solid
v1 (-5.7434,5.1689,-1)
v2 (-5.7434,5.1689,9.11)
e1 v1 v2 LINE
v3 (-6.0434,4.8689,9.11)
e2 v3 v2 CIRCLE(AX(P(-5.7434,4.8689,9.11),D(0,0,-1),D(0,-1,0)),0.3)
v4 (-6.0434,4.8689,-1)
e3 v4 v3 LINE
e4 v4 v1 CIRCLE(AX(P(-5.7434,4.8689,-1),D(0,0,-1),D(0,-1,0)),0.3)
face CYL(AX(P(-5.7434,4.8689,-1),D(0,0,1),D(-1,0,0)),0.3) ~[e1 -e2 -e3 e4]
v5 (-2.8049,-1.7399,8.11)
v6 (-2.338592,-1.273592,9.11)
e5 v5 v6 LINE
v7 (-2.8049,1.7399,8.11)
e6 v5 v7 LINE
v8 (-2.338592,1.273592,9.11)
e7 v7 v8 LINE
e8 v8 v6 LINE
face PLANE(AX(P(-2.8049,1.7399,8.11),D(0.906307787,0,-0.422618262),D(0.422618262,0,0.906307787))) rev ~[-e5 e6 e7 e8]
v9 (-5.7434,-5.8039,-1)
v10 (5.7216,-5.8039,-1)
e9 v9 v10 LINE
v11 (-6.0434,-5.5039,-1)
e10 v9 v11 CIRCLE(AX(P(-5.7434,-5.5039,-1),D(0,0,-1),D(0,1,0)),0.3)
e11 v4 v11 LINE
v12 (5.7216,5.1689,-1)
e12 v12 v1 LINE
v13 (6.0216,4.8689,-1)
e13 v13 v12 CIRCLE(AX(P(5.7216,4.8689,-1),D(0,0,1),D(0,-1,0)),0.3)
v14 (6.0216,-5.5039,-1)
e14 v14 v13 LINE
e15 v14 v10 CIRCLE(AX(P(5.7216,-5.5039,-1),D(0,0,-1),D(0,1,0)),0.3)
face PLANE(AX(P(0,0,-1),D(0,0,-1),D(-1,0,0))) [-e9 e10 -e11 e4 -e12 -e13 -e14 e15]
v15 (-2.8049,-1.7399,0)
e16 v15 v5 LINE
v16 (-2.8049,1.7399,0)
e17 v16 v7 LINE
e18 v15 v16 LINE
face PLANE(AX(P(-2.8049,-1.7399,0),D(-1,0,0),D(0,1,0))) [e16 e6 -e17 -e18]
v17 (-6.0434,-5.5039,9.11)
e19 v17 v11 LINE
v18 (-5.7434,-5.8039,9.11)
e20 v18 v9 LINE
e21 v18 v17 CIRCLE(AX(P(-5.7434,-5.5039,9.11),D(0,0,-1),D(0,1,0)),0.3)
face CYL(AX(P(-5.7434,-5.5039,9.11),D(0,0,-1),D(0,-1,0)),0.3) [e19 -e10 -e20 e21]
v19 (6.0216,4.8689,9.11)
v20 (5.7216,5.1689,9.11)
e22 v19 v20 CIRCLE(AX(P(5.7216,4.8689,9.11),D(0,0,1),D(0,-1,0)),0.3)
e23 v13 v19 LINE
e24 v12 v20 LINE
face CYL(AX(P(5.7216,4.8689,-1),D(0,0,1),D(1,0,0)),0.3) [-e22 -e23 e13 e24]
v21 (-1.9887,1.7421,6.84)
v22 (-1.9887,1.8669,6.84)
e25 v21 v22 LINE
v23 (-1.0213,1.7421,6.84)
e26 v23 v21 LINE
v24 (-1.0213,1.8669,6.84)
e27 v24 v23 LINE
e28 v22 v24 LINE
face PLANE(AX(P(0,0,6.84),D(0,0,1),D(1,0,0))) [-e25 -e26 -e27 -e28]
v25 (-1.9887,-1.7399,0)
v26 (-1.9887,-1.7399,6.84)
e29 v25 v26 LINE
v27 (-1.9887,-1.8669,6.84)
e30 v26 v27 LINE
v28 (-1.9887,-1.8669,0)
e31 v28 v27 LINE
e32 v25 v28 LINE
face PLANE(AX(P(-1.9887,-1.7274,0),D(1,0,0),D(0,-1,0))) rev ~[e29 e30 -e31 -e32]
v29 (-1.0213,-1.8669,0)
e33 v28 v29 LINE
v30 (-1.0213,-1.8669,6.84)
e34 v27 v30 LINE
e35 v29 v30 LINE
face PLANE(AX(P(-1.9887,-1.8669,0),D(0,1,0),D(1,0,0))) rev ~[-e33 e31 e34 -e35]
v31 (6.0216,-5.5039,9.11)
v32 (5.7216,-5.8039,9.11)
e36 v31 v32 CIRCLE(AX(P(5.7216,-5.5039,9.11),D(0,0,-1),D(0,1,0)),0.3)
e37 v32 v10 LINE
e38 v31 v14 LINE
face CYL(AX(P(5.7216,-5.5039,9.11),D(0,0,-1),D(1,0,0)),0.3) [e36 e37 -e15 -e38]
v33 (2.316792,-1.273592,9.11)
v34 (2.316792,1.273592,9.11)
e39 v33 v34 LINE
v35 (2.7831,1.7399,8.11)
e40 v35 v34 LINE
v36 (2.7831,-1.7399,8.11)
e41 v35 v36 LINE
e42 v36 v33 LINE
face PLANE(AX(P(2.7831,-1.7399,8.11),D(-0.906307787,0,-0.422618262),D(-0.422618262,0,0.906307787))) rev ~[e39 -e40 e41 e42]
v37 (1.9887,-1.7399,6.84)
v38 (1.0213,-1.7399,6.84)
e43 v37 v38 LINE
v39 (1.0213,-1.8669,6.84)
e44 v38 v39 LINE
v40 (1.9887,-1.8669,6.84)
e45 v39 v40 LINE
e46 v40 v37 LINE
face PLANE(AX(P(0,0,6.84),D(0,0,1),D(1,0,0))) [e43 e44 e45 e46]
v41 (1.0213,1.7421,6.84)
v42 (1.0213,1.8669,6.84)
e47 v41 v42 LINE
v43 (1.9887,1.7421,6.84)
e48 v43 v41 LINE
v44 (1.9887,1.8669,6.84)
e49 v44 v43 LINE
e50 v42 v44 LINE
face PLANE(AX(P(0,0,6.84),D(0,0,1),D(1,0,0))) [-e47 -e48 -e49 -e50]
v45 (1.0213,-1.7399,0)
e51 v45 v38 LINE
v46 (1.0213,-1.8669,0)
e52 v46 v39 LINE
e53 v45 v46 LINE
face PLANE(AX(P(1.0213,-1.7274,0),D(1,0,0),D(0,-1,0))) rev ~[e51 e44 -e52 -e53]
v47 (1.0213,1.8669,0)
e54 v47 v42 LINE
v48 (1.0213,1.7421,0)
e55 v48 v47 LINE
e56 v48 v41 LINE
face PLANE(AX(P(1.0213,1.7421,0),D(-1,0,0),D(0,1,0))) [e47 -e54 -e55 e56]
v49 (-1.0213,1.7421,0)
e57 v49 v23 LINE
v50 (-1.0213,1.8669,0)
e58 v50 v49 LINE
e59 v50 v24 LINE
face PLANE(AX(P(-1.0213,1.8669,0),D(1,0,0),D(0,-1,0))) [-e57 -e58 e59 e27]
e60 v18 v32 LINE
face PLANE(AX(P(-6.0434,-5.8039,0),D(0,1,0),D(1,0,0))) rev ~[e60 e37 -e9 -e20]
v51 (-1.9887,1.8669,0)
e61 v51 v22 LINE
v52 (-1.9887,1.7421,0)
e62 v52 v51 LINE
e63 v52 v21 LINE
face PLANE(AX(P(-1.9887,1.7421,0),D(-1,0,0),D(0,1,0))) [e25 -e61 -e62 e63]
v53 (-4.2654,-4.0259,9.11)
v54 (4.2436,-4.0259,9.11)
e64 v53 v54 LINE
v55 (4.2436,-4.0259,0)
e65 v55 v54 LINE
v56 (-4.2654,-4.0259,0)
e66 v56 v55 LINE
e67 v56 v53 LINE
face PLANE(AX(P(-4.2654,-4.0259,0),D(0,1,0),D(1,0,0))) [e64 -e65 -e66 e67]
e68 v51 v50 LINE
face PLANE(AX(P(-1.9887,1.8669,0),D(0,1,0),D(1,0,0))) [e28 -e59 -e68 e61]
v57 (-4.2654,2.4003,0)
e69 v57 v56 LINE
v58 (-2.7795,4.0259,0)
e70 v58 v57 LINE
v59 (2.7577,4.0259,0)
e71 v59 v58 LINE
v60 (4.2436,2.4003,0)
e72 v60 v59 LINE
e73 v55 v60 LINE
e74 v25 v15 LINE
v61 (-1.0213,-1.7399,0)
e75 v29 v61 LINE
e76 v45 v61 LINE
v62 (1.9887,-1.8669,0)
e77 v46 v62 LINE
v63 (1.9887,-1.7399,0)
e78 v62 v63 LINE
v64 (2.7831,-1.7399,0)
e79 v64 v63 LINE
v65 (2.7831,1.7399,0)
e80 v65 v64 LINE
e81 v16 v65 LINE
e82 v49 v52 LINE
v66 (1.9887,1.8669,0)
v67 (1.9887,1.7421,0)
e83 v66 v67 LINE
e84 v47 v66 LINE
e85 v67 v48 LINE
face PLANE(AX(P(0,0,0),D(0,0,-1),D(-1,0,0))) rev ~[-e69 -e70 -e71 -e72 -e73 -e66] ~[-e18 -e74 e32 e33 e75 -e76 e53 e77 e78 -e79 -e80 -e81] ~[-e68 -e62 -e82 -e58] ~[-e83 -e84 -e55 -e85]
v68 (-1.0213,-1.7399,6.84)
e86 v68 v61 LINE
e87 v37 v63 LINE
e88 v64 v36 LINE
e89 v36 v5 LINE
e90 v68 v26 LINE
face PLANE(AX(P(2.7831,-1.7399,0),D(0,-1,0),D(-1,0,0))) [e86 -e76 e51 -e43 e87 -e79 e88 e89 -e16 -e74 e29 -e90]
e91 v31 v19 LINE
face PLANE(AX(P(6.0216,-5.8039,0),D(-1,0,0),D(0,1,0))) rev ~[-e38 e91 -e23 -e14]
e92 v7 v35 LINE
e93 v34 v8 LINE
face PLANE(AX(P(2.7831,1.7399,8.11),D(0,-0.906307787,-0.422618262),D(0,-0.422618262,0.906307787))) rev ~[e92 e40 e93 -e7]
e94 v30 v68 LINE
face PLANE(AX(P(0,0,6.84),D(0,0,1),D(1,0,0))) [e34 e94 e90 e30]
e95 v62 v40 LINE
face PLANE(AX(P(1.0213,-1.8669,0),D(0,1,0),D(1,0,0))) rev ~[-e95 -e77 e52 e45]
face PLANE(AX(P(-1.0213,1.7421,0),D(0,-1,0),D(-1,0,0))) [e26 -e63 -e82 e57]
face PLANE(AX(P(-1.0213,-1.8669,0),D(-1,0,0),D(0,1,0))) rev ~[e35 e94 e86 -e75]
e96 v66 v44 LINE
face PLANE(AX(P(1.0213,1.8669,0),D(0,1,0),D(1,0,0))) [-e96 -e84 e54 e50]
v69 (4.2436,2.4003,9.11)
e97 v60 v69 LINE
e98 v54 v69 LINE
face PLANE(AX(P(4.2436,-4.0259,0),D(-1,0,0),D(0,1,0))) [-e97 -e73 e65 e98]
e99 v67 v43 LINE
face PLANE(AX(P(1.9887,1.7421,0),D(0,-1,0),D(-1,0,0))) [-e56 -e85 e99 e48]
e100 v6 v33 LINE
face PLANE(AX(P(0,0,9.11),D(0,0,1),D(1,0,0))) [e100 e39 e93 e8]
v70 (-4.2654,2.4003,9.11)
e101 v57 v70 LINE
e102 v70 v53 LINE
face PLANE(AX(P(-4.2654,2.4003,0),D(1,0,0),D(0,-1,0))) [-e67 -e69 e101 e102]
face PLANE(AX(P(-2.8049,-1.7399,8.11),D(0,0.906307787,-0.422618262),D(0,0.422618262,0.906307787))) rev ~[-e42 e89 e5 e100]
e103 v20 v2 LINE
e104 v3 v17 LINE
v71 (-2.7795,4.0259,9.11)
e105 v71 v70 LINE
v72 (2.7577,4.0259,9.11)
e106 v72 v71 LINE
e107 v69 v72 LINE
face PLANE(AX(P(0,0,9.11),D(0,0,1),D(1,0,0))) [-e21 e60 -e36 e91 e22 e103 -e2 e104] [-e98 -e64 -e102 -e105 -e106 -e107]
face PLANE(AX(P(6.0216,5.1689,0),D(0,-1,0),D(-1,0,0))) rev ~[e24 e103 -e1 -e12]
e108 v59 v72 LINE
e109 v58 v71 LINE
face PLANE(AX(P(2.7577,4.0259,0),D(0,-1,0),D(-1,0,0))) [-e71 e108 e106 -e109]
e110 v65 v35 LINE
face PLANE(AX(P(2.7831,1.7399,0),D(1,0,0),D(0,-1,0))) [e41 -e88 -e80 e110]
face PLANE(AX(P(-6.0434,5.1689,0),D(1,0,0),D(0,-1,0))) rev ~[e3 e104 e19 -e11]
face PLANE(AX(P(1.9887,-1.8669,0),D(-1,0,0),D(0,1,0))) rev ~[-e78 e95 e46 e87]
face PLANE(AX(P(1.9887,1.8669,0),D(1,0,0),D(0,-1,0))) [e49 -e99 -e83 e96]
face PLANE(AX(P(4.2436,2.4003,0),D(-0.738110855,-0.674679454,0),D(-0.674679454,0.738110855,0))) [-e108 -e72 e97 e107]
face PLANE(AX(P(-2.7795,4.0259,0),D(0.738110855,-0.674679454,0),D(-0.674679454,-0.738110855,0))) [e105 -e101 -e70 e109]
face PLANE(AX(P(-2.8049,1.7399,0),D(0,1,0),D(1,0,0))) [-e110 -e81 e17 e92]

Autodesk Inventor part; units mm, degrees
ref_plane "YZ Plane" through (0, 0, 0) normal (1, 0, 0) x (0, 1, 0)
ref_plane "XZ Plane" through (0, 0, 0) normal (0, 1, 0) x (-1, 0, 0)
ref_plane "XY Plane" through (0, 0, 0) normal (0, 0, 1) x (1, 0, 0)
sketch "Sketch1" plane through (0, 0, 0) normal (0, 0, 1) x (1, 0, 0)
  line L0 (-6.0434, 5.1689) -> (-6.0434, -5.8039) construction
  line L1 (-6.0434, -5.8039) -> (6.0216, -5.8039) construction
  line L2 (6.0216, -5.8039) -> (6.0216, 5.1689) construction
  line L3 (6.0216, 5.1689) -> (-6.0434, 5.1689) construction
  line L4 (-4.2654, -4.0259) -> (4.2436, -4.0259) construction
  line L5 (-4.2654, 2.4003) -> (-4.2654, -4.0259) construction
  line L6 (-2.7795, 4.0259) -> (-4.2654, 2.4003) construction
  line L7 (2.7577, 4.0259) -> (-2.7795, 4.0259) construction
  line L8 (4.2436, 2.4003) -> (2.7577, 4.0259) construction
  line L9 (4.2436, -4.0259) -> (4.2436, 2.4003) construction
  line L10 (-4.2654, -4.0259) -> (4.2436, -4.0259) construction
  line L11 (4.2436, -4.0259) -> (4.2436, 2.4003) construction
  line L12 (4.2436, 2.4003) -> (2.7577, 4.0259) construction
  line L13 (2.7577, 4.0259) -> (-2.7795, 4.0259) construction
  line L14 (-2.7795, 4.0259) -> (-4.2654, 2.4003) construction
  line L15 (-4.2654, 2.4003) -> (-4.2654, -4.0259) construction
  line L16 (1.9887, -1.7399) -> (2.7831, -1.7399) construction
  line L17 (1.9887, -1.8669) -> (1.9887, -1.7399) construction
  line L18 (1.9887, -1.8669) -> (1.0213, -1.8669) construction
  line L19 (1.0213, -1.8669) -> (1.0213, -1.7399) construction
  line L20 (-1.0213, -1.7399) -> (1.0213, -1.7399) construction
  line L21 (-1.0213, -1.8669) -> (-1.0213, -1.7399) construction
  line L22 (-1.0213, -1.8669) -> (-1.9887, -1.8669) construction
  line L23 (-1.9887, -1.8669) -> (-1.9887, -1.7399) construction
  line L24 (-2.8049, -1.7399) -> (-1.9887, -1.7399) construction
  line L25 (-2.8049, 1.7399) -> (-2.8049, -1.7399) construction
  line L26 (-1.9887, 1.7399) -> (-2.8049, 1.7399) construction
  line L27 (-1.9887, 1.8669) -> (-1.9887, 1.7399) construction
  line L28 (-1.0213, 1.8669) -> (-1.9887, 1.8669) construction
  line L29 (-1.0213, 1.8669) -> (-1.0213, 1.7399) construction
  line L30 (1.0213, 1.7399) -> (-1.0213, 1.7399) construction
  line L31 (1.0213, 1.8669) -> (1.0213, 1.7399) construction
  line L32 (1.9887, 1.8669) -> (1.0213, 1.8669) construction
  line L33 (1.9887, 1.8669) -> (1.9887, 1.7399) construction
  line L34 (2.7831, 1.7399) -> (1.9887, 1.7399) construction
  line L35 (2.7831, -1.7399) -> (2.7831, 1.7399) construction
  line L36 (2.1481, -1.1049) -> (2.1481, 1.1049) construction
  line L37 (2.1481, 1.1049) -> (-2.1699, 1.1049) construction
  line L38 (-2.1699, 1.1049) -> (-2.1699, -1.1049) construction
  line L39 (-2.1699, -1.1049) -> (2.1481, -1.1049) construction
  line L40 (-2.8049, 0) -> (2.7831, 0) construction
  line L41 (0, 1.7399) -> (0, -1.7399) construction
  point P0 (0, 0)
  point P1 (0, 0)
sketch "Sketch2" plane through (0, 0, 0) normal (0, 0, 1) x (1, 0, 0)
  line L0 (6.0216, 5.1689) -> (-6.0434, 5.1689) projected
  line L1 (-6.0434, 5.1689) -> (-6.0434, -5.8039) projected
  line L2 (-6.0434, -5.8039) -> (6.0216, -5.8039) projected
  line L3 (6.0216, -5.8039) -> (6.0216, 5.1689) projected
  line L4 (-4.2654, -4.0259) -> (4.2436, -4.0259) projected
  line L5 (4.2436, -4.0259) -> (4.2436, 2.4003) projected
  line L6 (4.2436, 2.4003) -> (2.7577, 4.0259) projected
  line L7 (2.7577, 4.0259) -> (-2.7795, 4.0259) projected
  line L8 (-2.7795, 4.0259) -> (-4.2654, 2.4003) projected
  line L9 (-4.2654, 2.4003) -> (-4.2654, -4.0259) projected
  point P0 (0, 0)
extrude "Extrusion1" add sketch "Sketch2" along normal blind 9.11
sketch "Sketch3" plane through (0, 0, 0) normal (0, 0, -1) x (-1, 0, 0)
  line L0 (-6.0216, 5.1689) -> (6.0434, 5.1689) projected
  line L1 (6.0434, 5.1689) -> (6.0434, -5.8039) projected
  line L2 (6.0434, -5.8039) -> (-6.0216, -5.8039) projected
  line L3 (-6.0216, -5.8039) -> (-6.0216, 5.1689) projected
  point P0 (0, 0)
extrude "Extrusion2" add sketch "Sketch3" along normal blind 1
sketch "Sketch4" plane through (0, 0, 0) normal (0, 0, 1) x (1, 0, 0)
  line L0 (-1.9887, 1.7399) -> (-2.8049, 1.7399) construction
  line L1 (-2.8049, 1.7399) -> (-2.8049, -1.7399) construction
  line L2 (1.9887, -1.7399) -> (2.7831, -1.7399) construction
  line L3 (2.7831, -1.7399) -> (2.7831, 1.7399) construction
  line L4 (-2.8049, 1.7399) -> (2.7831, 1.7399)
  line L5 (2.7831, 1.7399) -> (2.7831, -1.7399)
  line L6 (2.7831, -1.7399) -> (-2.8049, -1.7399)
  line L7 (-2.8049, -1.7399) -> (-2.8049, 1.7399)
  point P0 (0, 0)
extrude "Extrusion3" add sketch "Sketch4" along normal blind 8.11
sketch "Sketch5" plane through (0, 0, 8.11) normal (0, 0, 1) x (1, 0, 0)
  line L0 (2.7831, 1.7399) -> (-2.8049, 1.7399) projected
  line L1 (-2.8049, 1.7399) -> (-2.8049, -1.7399) projected
  line L2 (-2.8049, -1.7399) -> (2.7831, -1.7399) projected
  line L3 (2.7831, -1.7399) -> (2.7831, 1.7399) projected
  point P0 (0, 0)
extrude "Extrusion4" add sketch "Sketch5" along normal blind 1 draft -25
sketch "Sketch6" plane through (0, 0, 0) normal (0, 0, 1) x (1, 0, 0)
  line L0 (-1.0213, 1.8669) -> (-1.9887, 1.8669) construction
  line L1 (1.9887, 1.8669) -> (1.0213, 1.8669) construction
  line L2 (1.9887, -1.8669) -> (1.0213, -1.8669) construction
  line L3 (-1.0213, -1.8669) -> (-1.9887, -1.8669) construction
  line L4 (-1.9887, 1.8669) -> (-1.0213, 1.8669)
  line L5 (-1.0213, 1.8669) -> (-1.0213, 1.7421)
  line L6 (-1.0213, 1.7421) -> (-1.9887, 1.7421)
  line L7 (-1.9887, 1.7421) -> (-1.9887, 1.8669)
  line L8 (1.0213, 1.8669) -> (1.9887, 1.8669)
  line L9 (1.9887, 1.8669) -> (1.9887, 1.7421)
  line L10 (1.9887, 1.7421) -> (1.0213, 1.7421)
  line L11 (1.0213, 1.7421) -> (1.0213, 1.8669)
  line L12 (-1.9887, -1.8669) -> (-1.0213, -1.8669)
  line L13 (-1.0213, -1.8669) -> (-1.0213, -1.7274)
  line L14 (-1.0213, -1.7274) -> (-1.9887, -1.7274)
  line L15 (-1.9887, -1.7274) -> (-1.9887, -1.8669)
  line L16 (1.0213, -1.8669) -> (1.9887, -1.8669)
  line L17 (1.9887, -1.8669) -> (1.9887, -1.7274)
  line L18 (1.9887, -1.7274) -> (1.0213, -1.7274)
  line L19 (1.0213, -1.7274) -> (1.0213, -1.8669)
  point P0 (0, 0)
extrude "Extrusion5" add sketch "Sketch6" along normal blind 6.84
fillet "Fillet1" radius 0.3 4 edges at (6.0216, 5.1689, 4.055) (6.0216, -5.8039, 4.055) (-6.0434, -5.8039, 4.055) (-6.0434, 5.1689, 4.055)
properties part number "USB B Female Port" material "Steel, Mild"
